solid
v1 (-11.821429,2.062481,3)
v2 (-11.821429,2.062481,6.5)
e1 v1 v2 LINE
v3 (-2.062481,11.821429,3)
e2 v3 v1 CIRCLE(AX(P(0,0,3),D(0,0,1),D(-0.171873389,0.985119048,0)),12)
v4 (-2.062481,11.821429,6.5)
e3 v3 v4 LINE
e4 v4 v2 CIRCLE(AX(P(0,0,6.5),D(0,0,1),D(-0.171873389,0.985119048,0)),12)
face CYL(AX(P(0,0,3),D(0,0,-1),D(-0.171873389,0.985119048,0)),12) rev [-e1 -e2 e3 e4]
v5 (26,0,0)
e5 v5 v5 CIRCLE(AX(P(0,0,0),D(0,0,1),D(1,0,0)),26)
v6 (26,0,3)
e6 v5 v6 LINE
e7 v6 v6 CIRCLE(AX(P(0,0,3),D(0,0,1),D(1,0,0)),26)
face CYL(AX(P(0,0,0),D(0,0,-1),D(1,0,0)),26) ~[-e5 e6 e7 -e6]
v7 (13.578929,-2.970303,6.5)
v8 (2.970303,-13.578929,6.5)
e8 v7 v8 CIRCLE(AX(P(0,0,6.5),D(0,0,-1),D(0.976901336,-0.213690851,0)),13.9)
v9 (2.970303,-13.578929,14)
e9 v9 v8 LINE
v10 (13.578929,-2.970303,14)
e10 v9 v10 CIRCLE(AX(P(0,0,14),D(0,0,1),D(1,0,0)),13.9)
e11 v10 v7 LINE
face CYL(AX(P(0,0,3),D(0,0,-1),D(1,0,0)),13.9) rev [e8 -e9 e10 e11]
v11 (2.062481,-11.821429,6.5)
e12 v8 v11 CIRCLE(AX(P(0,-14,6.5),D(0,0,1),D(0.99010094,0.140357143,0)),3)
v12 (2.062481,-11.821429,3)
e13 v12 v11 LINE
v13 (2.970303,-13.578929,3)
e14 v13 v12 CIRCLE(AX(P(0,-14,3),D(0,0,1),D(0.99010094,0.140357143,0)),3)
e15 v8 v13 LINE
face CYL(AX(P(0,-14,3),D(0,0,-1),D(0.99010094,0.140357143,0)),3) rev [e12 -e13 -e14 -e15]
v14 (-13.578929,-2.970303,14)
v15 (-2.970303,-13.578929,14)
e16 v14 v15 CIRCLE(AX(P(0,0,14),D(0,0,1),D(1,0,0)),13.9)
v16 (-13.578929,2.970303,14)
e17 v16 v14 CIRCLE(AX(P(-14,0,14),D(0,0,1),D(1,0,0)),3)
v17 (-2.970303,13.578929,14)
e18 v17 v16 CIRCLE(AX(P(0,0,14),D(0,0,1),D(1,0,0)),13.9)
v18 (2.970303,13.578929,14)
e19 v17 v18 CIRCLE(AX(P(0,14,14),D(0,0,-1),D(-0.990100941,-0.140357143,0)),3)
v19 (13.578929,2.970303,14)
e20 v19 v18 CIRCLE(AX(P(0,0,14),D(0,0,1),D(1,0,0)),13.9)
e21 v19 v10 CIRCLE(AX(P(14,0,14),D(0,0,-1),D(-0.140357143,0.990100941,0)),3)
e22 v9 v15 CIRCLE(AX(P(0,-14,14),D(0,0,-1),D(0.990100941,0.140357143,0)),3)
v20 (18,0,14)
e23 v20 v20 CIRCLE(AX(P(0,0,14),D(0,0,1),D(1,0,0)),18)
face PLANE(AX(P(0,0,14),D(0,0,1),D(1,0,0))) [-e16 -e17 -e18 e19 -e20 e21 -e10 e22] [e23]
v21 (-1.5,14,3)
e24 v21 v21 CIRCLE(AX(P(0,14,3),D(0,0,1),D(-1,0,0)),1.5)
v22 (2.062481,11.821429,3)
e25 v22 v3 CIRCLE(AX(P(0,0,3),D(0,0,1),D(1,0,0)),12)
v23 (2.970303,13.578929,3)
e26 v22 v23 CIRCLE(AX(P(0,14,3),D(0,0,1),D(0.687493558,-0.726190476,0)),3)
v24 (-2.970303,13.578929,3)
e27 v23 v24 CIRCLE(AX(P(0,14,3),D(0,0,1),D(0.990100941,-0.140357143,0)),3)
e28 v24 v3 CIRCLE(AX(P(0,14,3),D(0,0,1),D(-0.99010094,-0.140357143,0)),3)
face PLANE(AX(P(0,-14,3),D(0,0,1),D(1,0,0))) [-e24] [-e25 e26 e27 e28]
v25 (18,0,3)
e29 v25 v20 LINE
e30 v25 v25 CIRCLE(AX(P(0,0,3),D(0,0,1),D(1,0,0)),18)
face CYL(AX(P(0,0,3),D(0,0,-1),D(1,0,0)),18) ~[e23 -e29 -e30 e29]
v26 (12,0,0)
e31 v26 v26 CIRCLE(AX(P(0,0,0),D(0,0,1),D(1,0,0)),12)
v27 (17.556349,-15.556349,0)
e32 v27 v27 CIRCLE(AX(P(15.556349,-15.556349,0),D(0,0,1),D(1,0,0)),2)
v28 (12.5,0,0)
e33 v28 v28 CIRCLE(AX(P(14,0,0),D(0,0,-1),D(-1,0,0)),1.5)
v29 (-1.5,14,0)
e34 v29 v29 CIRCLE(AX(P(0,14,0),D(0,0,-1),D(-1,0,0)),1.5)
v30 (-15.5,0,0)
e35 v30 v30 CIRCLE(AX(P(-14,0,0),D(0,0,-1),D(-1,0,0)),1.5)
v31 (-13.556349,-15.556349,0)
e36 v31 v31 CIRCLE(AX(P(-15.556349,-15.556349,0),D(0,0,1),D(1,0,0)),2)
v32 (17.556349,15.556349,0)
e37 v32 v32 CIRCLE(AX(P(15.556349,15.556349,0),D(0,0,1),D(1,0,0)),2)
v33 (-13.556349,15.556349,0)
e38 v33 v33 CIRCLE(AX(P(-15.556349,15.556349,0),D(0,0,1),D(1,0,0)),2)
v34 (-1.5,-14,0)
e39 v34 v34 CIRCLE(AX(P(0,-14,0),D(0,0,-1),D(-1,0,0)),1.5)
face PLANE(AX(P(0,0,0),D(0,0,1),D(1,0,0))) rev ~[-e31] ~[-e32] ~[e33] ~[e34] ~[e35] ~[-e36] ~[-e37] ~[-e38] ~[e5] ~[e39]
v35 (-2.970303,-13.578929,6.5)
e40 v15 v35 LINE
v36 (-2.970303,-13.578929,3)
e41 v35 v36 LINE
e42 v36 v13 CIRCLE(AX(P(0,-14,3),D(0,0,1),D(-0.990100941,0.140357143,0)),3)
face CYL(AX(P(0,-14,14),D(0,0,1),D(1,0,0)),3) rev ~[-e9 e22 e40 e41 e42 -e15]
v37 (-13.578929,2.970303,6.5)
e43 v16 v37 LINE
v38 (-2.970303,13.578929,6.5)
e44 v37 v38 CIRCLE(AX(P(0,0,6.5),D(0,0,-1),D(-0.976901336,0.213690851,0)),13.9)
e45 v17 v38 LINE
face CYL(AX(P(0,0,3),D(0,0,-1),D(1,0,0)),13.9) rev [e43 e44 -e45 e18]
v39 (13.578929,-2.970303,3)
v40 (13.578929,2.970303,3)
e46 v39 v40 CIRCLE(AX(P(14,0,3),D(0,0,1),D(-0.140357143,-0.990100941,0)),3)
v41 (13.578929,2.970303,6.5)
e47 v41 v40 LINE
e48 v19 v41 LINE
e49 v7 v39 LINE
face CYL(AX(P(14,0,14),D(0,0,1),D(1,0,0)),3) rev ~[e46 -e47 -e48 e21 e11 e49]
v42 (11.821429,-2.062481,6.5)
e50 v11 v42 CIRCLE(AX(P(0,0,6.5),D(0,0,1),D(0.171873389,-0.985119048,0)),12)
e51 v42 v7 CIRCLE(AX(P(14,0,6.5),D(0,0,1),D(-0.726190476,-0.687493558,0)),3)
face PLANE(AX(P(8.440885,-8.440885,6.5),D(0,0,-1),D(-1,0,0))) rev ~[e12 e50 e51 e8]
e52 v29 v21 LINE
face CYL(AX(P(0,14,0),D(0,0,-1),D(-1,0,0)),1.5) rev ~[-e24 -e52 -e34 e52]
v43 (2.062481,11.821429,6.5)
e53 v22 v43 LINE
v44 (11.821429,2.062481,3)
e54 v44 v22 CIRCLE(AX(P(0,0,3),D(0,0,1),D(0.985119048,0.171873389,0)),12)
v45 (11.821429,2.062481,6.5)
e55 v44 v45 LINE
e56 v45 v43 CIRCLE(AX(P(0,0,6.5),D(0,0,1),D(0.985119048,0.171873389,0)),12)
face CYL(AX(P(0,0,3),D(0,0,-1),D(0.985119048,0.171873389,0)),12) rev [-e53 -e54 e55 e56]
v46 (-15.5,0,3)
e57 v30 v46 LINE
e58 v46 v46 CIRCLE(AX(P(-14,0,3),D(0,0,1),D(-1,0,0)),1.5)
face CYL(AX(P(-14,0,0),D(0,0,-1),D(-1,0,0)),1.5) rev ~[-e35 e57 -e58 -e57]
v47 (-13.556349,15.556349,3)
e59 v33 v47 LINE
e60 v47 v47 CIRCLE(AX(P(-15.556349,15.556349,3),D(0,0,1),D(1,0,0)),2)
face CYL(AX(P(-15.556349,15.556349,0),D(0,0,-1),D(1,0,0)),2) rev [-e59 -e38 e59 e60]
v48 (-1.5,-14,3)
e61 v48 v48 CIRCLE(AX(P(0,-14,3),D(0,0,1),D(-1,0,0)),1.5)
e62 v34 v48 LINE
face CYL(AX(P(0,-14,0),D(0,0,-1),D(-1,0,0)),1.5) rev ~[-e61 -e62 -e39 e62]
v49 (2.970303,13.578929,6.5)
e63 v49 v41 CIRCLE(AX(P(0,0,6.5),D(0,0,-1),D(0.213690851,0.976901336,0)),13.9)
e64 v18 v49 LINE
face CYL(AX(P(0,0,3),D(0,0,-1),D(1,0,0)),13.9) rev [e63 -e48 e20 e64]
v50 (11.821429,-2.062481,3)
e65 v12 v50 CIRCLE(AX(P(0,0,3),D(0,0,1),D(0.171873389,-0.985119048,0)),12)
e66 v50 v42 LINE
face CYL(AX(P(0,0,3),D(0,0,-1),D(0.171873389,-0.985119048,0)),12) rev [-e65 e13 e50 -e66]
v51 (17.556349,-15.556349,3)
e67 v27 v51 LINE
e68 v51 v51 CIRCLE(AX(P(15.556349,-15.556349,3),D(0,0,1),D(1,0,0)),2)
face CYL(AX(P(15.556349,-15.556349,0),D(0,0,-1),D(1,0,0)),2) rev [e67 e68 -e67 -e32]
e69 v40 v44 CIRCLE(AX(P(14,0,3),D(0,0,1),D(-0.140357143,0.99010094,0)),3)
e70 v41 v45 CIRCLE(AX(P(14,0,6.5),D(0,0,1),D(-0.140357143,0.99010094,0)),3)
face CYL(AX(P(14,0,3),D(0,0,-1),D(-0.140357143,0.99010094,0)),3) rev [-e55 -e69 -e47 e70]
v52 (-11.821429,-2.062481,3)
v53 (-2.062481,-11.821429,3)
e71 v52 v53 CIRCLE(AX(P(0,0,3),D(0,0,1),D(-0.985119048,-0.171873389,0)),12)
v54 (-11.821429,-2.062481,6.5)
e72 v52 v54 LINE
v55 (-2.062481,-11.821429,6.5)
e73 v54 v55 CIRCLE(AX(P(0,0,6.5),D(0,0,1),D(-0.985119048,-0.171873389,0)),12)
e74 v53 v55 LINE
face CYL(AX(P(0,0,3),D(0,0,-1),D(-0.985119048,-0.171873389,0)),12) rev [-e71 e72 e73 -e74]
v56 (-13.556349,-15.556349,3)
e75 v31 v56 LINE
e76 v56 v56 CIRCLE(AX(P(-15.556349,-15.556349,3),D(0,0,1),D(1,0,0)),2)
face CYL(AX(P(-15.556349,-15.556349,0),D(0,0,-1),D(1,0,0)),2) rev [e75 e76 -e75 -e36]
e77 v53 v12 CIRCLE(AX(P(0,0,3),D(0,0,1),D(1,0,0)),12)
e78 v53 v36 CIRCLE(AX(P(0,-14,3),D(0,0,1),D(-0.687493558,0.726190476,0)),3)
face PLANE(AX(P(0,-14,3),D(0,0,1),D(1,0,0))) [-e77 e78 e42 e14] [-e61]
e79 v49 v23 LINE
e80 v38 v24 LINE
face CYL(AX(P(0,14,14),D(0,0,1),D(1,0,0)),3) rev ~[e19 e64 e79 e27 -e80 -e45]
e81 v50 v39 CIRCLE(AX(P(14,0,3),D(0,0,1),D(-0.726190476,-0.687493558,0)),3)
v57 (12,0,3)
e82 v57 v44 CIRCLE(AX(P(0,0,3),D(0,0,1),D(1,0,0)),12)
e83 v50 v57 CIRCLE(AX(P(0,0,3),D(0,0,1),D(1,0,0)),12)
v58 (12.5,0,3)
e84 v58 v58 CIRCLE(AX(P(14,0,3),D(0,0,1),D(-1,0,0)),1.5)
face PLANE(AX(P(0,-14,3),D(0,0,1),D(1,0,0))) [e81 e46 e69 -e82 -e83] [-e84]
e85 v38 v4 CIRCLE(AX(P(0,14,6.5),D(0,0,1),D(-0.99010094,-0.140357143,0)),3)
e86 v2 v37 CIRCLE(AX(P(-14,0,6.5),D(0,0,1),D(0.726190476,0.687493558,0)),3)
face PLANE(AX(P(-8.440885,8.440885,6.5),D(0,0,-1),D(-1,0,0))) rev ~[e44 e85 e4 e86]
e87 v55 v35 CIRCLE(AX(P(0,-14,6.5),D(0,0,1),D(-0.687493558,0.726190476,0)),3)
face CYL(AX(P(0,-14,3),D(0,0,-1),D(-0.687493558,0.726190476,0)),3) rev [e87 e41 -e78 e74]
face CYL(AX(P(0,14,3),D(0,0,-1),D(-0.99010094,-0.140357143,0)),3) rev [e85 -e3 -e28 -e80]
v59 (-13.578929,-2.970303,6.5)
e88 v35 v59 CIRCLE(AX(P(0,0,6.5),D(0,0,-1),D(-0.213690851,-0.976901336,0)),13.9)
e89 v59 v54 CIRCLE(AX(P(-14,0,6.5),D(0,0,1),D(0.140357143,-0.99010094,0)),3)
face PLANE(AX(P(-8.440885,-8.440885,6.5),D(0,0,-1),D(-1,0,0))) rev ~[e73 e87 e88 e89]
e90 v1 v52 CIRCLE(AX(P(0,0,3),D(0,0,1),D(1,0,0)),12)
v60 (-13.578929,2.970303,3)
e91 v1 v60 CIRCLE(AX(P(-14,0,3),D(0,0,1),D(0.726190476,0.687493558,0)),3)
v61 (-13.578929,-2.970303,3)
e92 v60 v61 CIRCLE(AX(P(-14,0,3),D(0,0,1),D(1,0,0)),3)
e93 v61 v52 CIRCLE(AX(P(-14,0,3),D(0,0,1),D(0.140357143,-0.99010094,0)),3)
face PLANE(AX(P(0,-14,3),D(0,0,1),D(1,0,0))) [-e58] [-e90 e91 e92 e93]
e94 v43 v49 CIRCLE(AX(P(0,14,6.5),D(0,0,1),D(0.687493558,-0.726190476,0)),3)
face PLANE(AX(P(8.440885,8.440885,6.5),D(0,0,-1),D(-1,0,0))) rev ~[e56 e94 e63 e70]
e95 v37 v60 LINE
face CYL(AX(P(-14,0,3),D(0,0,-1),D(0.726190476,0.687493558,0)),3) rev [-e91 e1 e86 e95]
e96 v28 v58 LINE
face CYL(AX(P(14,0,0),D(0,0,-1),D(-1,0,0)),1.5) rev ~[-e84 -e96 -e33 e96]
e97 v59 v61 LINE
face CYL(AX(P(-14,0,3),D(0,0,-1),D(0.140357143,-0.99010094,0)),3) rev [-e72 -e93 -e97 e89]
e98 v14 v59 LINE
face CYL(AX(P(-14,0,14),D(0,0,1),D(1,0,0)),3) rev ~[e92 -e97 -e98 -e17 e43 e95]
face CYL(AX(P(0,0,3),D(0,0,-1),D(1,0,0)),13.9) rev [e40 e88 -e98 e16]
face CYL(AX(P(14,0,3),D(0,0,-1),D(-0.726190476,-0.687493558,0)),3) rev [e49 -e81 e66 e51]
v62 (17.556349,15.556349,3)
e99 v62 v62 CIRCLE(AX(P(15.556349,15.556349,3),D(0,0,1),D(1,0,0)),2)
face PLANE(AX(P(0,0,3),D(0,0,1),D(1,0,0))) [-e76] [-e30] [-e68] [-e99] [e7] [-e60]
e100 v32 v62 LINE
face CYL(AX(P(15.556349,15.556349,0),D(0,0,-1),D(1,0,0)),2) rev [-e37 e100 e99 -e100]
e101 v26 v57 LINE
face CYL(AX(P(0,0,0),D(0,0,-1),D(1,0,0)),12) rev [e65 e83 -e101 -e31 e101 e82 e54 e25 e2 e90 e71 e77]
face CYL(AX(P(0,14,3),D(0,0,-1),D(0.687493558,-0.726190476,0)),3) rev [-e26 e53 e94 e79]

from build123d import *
from build123d.topology import SkipClean

# Parameters (mm, degrees)
SKETCH_1_R          = 26
SKETCH_1_R_2        = 12
SKETCH_1_R_3        = 2
EXTRUDE_1_DEPTH     = 3
SKETCH_2_R          = 18
SKETCH_2_R_2        = 13.9
EXTRUDE_2_DEPTH     = 11
SKETCH_3_R          = 1.5
CUT_EXTRUDE_1_DEPTH = 40.344631146
SKETCH_4_R          = 3
CUT_EXTRUDE_5_DEPTH = 11
EXTRUDE_3_DEPTH     = 3.5


with BuildPart() as part:
    # 草图1 → 凸台-拉伸1 (new body)
    with BuildSketch(Plane.XY):
        Circle(SKETCH_1_R)
        Circle(SKETCH_1_R_2, mode=Mode.SUBTRACT)
        with Locations((-15.556349186, 15.556349186)):
            Circle(SKETCH_1_R_3, mode=Mode.SUBTRACT)
        with Locations((15.556349186, 15.556349186)):
            Circle(SKETCH_1_R_3, mode=Mode.SUBTRACT)
        with Locations((15.556349186, -15.556349186)):
            Circle(SKETCH_1_R_3, mode=Mode.SUBTRACT)
        with Locations((-15.556349186, -15.556349186)):
            Circle(SKETCH_1_R_3, mode=Mode.SUBTRACT)
    extrude(amount=EXTRUDE_1_DEPTH)

    # 草图2 → 凸台-拉伸2 (add)
    with BuildSketch(Plane.XY.offset(3)):
        Circle(SKETCH_2_R)
        Circle(SKETCH_2_R_2, mode=Mode.SUBTRACT)
    extrude(amount=EXTRUDE_2_DEPTH)

    # 草图3 → 切除-拉伸1 (cut, through all)
    with BuildSketch(Plane(origin=(0, 0, 0), x_dir=(-1, 0, 0), z_dir=(0, 0, -1))):
        with Locations((0, 14)):
            Circle(SKETCH_3_R)
        with Locations((14, 0)):
            Circle(SKETCH_3_R)
        with Locations((0, -14)):
            Circle(SKETCH_3_R)
        with Locations((-14, 0)):
            Circle(SKETCH_3_R)
    extrude(amount=-CUT_EXTRUDE_1_DEPTH, mode=Mode.SUBTRACT)

    # 草图4 → 切除-拉伸5 (cut)
    with BuildSketch(Plane.XY.offset(14)):
        with Locations((0, 14)):
            Circle(SKETCH_4_R)
        with Locations((14, 0)):
            Circle(SKETCH_4_R)
        with Locations((0, -14)):
            Circle(SKETCH_4_R)
        with Locations((-14, 0)):
            Circle(SKETCH_4_R)
    extrude(amount=-CUT_EXTRUDE_5_DEPTH, mode=Mode.SUBTRACT)

    # 草图5 → 凸台-拉伸3 (add)
    with SkipClean():  # the faces are left unmerged after this step: merging them gives an invalid solid
        with BuildSketch(Plane.XY.offset(3)):
            with BuildLine():
                ThreePointArc((-13.578928571, -2.970302822), (-12.623202626, -2.665413475), (-11.821428571, -2.062480674))
                ThreePointArc((-11.821428571, -2.062480674), (-8.485281374, -8.485281374), (-2.062480674, -11.821428571))
                ThreePointArc((-2.062480674, -11.821428571), (-2.665413475, -12.623202626), (-2.970302822, -13.578928571))
                ThreePointArc((-2.970302822, -13.578928571), (-9.828784258, -9.828784258), (-13.578928571, -2.970302822))
            make_face()
            with BuildLine():
                ThreePointArc((-2.970302822, 13.578928571), (-2.665413475, 12.623202626), (-2.062480674, 11.821428571))
                ThreePointArc((-2.062480674, 11.821428571), (-8.485281374, 8.485281374), (-11.821428571, 2.062480674))
                ThreePointArc((-11.821428571, 2.062480674), (-12.623202626, 2.665413475), (-13.578928571, 2.970302822))
                ThreePointArc((-13.578928571, 2.970302822), (-9.828784258, 9.828784258), (-2.970302822, 13.578928571))
            make_face()
            with BuildLine():
                ThreePointArc((13.578928571, 2.970302822), (12.623202626, 2.665413475), (11.821428571, 2.062480674))
                ThreePointArc((11.821428571, 2.062480674), (8.485281374, 8.485281374), (2.062480674, 11.821428571))
                ThreePointArc((2.062480674, 11.821428571), (2.665413475, 12.623202626), (2.970302822, 13.578928571))
                ThreePointArc((2.970302822, 13.578928571), (9.828784258, 9.828784258), (13.578928571, 2.970302822))
            make_face()
            with BuildLine():
                ThreePointArc((2.970302822, -13.578928571), (2.665413475, -12.623202626), (2.062480674, -11.821428571))
                ThreePointArc((2.062480674, -11.821428571), (8.485281374, -8.485281374), (11.821428571, -2.062480674))
                ThreePointArc((11.821428571, -2.062480674), (12.623202626, -2.665413475), (13.578928571, -2.970302822))
                ThreePointArc((13.578928571, -2.970302822), (9.828784258, -9.828784258), (2.970302822, -13.578928571))
            make_face()
        extrude(amount=EXTRUDE_3_DEPTH)


solid = part.part
